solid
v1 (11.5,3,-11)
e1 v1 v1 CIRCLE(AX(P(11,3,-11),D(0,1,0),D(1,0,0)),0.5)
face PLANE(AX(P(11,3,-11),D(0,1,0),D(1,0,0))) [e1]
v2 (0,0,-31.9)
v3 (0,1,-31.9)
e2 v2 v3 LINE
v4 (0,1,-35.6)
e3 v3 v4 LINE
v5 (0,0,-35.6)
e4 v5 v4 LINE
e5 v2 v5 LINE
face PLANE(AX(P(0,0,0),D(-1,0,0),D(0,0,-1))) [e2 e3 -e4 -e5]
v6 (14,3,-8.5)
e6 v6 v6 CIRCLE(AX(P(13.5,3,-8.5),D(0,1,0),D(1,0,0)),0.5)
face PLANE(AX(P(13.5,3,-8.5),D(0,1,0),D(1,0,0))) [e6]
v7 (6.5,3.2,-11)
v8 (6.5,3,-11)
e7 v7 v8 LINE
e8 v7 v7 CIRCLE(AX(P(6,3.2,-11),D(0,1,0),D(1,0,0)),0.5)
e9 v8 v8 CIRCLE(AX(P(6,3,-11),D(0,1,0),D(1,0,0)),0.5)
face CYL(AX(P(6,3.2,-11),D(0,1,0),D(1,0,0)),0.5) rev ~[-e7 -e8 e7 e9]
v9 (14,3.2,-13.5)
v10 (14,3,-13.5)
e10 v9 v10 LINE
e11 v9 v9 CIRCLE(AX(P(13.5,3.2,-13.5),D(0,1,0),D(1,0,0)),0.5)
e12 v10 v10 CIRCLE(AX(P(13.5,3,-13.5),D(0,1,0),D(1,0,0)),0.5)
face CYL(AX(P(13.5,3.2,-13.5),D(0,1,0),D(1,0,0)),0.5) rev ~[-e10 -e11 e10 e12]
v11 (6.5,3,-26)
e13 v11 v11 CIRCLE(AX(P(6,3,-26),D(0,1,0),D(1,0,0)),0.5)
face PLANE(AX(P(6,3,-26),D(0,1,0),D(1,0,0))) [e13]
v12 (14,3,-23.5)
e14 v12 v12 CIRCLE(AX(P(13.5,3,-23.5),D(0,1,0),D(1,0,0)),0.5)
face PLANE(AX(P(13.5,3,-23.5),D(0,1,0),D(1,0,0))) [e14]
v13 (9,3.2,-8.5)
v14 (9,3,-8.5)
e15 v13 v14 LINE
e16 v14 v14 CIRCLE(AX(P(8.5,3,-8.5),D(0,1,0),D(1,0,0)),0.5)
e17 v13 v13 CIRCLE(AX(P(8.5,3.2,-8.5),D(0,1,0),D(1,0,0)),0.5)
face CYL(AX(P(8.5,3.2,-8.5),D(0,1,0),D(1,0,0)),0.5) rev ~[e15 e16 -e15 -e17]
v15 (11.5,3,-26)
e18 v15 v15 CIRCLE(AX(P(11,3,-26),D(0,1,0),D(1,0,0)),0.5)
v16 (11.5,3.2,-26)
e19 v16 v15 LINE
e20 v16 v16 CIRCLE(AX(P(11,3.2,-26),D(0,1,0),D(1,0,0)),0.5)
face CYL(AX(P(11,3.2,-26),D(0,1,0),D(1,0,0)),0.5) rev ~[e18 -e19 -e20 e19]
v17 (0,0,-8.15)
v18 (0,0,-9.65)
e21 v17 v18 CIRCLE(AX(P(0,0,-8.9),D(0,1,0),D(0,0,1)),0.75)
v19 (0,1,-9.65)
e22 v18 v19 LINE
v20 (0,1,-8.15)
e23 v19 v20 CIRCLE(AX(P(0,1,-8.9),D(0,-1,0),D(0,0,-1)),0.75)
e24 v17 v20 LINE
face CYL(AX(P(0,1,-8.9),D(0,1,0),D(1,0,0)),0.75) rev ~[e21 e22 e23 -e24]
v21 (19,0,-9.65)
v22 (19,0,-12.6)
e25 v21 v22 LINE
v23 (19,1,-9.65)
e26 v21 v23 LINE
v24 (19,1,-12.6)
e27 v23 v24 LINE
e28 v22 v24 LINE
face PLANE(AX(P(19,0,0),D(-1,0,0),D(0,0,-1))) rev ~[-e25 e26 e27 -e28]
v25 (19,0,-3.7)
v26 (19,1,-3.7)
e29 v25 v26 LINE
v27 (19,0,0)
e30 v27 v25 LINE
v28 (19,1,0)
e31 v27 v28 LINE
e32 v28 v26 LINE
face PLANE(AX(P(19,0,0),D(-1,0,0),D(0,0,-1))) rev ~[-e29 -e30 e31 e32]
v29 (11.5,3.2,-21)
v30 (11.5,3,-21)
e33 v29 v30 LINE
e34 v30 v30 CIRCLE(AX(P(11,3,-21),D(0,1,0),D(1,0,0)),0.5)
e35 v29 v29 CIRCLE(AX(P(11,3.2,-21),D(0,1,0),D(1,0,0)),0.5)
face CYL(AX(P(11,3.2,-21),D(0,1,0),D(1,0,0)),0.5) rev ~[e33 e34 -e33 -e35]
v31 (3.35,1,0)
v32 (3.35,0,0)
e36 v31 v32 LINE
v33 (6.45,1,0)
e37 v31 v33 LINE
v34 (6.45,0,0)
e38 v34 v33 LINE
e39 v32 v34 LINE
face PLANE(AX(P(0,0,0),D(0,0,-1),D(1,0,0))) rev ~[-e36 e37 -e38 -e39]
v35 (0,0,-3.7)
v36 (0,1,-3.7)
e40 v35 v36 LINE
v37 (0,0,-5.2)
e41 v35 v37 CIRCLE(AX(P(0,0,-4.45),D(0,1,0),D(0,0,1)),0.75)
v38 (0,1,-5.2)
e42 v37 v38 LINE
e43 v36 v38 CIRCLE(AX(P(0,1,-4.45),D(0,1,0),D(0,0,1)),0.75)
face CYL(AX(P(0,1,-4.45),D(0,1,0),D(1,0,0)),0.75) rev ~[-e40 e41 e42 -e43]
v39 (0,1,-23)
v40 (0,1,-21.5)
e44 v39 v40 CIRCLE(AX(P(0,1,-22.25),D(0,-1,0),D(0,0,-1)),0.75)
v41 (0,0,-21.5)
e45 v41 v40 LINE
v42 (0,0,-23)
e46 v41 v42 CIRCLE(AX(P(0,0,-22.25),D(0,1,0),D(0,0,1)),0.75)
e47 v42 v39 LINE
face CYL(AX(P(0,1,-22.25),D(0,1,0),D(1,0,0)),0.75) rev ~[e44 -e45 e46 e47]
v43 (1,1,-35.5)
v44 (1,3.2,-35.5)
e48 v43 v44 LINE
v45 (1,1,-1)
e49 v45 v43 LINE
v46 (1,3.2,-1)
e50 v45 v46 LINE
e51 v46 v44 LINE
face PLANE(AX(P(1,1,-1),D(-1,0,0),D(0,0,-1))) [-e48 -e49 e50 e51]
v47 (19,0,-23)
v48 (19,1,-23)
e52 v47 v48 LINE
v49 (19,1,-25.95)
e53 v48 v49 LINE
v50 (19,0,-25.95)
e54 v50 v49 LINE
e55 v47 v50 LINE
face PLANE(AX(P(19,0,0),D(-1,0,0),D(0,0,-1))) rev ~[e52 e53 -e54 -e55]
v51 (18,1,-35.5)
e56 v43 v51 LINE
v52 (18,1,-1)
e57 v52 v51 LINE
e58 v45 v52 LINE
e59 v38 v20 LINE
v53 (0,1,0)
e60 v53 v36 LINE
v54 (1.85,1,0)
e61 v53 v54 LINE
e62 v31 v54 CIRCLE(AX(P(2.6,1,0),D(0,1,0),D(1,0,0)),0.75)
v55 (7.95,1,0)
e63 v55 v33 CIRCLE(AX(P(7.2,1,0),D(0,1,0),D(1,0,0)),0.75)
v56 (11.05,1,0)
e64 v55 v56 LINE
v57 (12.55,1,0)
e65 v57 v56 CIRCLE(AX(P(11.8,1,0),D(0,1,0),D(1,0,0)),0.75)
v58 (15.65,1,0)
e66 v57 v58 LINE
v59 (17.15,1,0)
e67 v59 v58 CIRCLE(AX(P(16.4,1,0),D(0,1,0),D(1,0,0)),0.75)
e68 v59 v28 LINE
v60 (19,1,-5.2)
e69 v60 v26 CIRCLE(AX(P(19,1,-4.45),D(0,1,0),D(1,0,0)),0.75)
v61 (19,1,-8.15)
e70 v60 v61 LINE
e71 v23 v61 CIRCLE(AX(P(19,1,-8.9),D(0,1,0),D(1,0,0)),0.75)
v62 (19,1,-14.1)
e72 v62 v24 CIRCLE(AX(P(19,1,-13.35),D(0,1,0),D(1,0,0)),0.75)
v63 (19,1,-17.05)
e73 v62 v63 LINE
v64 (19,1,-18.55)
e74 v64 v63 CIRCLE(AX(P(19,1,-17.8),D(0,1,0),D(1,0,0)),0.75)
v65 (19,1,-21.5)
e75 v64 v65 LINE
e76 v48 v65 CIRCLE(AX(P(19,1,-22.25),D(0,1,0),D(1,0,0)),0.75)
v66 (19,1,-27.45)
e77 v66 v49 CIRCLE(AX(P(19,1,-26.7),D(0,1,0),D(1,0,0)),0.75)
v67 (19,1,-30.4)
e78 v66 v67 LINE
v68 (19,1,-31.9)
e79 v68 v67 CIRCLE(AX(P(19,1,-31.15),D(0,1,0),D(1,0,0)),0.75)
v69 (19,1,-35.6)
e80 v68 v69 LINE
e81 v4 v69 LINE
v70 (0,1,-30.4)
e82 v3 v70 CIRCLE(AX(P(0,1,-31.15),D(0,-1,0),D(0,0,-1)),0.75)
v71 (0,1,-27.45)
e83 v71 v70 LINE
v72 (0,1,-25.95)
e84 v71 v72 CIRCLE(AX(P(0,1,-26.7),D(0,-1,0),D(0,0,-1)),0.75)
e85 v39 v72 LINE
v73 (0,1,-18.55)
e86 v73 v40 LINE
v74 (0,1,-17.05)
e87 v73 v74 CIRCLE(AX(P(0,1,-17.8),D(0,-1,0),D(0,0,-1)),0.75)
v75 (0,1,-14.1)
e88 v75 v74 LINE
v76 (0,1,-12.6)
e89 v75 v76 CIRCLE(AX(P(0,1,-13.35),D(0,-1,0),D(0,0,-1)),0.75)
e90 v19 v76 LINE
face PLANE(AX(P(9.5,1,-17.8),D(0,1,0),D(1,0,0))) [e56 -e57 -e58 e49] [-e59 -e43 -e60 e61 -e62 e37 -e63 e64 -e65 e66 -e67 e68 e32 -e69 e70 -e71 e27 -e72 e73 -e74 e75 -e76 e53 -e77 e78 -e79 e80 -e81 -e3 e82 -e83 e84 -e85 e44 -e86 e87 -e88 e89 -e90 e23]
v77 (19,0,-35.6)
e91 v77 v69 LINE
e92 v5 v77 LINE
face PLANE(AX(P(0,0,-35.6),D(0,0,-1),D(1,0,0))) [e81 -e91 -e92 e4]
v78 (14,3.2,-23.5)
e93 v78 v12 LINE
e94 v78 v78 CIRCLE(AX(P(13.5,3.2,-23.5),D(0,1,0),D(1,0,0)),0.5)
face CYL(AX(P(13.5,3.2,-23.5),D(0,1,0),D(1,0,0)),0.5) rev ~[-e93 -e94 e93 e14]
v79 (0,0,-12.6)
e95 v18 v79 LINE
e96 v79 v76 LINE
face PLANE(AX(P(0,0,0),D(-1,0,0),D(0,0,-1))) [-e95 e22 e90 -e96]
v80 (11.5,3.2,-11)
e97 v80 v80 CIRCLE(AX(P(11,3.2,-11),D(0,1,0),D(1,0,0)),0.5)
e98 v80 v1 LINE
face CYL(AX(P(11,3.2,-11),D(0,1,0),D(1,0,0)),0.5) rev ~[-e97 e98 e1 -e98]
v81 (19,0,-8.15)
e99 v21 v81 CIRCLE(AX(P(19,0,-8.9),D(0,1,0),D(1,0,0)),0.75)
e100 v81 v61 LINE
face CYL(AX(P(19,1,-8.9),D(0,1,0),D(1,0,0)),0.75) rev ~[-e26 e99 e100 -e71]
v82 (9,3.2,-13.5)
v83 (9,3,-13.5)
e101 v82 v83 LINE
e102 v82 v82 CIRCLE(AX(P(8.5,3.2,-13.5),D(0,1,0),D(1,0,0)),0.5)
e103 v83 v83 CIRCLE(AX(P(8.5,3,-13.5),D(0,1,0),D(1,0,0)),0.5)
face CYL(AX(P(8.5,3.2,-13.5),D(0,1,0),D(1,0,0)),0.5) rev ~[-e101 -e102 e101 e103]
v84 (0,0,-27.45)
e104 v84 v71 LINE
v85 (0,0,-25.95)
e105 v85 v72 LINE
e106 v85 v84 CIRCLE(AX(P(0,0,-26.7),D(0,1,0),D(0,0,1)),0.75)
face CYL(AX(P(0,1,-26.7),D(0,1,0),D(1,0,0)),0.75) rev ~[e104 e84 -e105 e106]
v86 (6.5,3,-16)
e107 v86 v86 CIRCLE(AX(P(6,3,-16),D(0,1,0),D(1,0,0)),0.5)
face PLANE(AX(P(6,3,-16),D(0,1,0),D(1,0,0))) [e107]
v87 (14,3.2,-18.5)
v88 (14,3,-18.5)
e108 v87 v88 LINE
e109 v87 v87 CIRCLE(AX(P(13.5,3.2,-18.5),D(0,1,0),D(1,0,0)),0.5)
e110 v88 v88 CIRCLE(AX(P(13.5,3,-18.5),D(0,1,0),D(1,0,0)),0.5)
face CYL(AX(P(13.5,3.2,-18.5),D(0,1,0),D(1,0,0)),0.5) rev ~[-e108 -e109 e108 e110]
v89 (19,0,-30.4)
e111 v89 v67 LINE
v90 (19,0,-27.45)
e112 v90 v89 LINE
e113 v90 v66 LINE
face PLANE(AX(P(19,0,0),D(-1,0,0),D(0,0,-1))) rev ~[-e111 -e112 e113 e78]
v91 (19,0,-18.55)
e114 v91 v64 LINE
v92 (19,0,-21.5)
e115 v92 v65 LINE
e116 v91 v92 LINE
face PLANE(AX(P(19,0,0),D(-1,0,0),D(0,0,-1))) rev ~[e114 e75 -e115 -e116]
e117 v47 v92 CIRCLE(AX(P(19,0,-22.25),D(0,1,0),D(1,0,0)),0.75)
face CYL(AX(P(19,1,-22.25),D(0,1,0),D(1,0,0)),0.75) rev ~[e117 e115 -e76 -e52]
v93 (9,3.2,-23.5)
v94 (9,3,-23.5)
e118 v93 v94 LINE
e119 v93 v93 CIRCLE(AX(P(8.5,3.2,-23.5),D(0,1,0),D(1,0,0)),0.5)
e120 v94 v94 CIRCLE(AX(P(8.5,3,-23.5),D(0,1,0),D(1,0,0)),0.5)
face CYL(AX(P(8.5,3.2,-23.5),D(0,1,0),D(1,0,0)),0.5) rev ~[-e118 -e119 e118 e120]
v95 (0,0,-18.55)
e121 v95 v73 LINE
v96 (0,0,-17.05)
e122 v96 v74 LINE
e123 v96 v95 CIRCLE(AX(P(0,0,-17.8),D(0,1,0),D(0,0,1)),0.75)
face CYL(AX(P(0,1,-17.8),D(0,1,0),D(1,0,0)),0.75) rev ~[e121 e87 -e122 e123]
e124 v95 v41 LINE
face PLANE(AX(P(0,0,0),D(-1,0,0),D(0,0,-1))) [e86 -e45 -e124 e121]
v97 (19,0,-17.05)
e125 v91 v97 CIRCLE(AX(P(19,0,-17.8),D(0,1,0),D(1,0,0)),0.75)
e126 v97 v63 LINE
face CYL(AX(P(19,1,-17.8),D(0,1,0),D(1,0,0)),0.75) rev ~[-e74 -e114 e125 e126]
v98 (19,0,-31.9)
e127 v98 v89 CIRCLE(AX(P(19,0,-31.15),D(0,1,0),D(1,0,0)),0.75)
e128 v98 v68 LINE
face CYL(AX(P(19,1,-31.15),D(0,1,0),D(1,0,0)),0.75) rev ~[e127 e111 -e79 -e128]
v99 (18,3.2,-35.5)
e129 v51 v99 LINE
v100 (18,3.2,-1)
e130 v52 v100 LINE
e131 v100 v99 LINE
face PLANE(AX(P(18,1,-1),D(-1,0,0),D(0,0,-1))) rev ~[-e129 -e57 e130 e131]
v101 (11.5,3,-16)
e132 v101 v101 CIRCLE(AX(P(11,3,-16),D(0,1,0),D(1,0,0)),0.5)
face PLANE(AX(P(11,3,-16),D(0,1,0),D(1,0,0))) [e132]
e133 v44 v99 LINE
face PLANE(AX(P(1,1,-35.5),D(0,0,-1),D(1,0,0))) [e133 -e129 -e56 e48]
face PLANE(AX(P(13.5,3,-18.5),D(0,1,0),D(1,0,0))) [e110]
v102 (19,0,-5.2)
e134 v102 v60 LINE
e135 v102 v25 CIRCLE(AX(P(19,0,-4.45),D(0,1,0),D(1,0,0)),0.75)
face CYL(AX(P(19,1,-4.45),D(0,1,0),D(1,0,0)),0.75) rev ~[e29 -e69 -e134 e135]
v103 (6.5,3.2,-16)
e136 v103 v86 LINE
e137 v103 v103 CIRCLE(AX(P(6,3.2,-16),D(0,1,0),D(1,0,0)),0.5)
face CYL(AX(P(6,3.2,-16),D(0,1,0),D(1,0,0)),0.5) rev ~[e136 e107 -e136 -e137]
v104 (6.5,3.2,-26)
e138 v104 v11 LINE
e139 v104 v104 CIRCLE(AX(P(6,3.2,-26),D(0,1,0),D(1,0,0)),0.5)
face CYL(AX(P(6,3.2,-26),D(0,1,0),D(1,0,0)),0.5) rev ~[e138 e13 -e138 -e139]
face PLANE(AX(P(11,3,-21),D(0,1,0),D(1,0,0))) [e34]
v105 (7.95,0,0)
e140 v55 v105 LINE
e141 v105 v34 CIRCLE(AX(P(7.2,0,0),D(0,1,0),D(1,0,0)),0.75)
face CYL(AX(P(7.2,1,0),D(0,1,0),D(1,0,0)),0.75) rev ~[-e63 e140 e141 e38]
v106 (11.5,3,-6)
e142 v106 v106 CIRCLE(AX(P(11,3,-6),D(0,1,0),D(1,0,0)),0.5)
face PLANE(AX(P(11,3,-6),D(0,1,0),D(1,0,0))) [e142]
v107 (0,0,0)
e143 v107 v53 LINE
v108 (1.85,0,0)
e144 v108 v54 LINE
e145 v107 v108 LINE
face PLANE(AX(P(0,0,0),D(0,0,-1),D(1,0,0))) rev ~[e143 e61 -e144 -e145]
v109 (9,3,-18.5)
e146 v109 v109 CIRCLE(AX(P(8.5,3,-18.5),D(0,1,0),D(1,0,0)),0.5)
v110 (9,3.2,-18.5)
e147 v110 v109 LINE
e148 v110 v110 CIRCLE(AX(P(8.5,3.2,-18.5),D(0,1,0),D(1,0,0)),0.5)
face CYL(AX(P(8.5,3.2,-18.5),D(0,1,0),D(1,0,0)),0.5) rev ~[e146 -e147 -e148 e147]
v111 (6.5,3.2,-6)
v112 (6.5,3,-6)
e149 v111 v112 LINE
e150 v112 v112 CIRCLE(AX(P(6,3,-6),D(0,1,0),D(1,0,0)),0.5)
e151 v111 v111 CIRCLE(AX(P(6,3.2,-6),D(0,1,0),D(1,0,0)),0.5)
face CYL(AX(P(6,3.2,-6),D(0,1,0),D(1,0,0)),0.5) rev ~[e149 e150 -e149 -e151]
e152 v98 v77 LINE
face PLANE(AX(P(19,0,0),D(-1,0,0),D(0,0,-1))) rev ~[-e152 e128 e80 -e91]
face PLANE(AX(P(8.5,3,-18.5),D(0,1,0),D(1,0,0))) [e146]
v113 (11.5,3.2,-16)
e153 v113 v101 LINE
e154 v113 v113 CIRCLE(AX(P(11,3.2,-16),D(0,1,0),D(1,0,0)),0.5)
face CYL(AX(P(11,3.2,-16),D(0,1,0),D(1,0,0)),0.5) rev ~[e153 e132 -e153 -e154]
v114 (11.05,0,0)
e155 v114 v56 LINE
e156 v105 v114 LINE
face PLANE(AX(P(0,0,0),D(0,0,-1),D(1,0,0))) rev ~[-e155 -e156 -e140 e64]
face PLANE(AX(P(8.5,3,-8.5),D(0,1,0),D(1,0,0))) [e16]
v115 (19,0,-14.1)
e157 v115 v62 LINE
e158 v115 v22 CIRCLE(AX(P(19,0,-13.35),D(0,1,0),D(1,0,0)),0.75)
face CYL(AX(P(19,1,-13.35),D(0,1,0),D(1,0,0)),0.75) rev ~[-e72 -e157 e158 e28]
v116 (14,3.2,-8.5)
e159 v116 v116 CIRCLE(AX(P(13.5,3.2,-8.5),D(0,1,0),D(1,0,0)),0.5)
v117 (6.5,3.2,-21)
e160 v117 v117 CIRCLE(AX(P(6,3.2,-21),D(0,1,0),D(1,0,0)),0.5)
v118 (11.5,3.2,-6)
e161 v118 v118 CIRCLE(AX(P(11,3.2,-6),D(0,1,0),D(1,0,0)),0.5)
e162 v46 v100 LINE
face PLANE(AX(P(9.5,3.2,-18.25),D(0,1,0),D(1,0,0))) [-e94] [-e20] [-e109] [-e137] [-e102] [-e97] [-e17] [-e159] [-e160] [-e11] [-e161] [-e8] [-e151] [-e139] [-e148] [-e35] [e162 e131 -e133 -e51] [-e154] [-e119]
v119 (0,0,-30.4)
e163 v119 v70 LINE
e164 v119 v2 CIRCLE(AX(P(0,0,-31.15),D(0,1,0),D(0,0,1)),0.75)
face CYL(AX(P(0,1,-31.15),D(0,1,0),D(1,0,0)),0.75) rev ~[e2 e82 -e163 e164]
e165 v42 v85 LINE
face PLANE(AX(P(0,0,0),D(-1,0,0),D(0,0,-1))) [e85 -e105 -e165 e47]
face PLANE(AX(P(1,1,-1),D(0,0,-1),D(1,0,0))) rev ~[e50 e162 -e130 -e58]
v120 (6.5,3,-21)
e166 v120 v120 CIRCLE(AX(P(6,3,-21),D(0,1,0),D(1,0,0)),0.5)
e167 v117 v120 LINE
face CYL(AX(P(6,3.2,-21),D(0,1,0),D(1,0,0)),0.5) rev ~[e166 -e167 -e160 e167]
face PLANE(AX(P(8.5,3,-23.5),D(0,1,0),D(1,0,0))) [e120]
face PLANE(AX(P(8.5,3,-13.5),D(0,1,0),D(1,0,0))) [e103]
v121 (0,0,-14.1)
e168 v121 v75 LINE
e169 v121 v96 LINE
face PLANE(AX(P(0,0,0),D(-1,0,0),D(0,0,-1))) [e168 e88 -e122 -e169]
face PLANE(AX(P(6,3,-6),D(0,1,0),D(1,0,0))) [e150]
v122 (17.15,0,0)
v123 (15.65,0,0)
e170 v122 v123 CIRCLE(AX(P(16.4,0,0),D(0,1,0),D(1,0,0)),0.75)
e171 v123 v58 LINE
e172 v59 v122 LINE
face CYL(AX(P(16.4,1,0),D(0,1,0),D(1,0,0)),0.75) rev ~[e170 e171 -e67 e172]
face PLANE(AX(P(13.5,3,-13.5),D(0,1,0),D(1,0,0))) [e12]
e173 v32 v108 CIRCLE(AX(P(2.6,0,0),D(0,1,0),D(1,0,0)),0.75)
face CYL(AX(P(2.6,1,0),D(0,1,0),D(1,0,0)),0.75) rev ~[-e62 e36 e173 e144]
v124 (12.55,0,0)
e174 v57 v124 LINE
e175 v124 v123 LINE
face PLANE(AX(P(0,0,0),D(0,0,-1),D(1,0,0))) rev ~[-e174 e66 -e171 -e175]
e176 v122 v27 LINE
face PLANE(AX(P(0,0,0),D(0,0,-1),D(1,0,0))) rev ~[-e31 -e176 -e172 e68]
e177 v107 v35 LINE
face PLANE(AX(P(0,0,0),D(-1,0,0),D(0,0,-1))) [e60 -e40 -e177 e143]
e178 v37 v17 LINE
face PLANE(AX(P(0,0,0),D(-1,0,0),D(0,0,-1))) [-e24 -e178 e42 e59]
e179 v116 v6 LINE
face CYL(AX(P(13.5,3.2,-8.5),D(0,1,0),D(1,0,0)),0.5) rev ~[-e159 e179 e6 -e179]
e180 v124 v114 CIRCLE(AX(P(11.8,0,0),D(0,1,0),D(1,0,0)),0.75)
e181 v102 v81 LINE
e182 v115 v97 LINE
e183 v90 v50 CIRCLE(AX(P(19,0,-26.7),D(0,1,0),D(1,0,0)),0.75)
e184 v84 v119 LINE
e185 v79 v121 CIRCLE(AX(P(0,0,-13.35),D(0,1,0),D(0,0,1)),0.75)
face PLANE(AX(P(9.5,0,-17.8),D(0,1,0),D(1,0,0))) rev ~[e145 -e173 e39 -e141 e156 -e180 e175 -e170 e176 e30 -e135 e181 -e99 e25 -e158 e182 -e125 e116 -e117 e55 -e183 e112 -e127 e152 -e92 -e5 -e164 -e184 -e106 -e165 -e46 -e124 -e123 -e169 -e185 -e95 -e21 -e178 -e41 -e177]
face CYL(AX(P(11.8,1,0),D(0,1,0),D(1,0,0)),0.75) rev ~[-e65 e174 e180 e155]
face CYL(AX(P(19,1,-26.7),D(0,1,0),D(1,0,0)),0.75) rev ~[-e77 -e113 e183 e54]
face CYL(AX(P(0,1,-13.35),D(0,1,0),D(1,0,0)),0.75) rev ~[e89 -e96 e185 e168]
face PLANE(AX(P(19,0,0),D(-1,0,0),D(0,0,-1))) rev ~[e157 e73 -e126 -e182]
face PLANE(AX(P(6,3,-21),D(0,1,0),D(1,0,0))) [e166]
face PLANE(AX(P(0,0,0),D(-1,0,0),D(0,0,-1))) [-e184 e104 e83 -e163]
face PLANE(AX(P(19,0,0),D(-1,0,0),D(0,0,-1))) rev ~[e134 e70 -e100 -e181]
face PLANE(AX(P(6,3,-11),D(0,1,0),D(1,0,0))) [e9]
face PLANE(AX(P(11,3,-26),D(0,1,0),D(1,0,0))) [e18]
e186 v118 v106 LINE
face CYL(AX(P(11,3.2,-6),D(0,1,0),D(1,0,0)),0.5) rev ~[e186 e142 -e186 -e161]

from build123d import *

# Parameters (mm, degrees)
ESQUISSE1_W             = 19
ESQUISSE1_H             = 35.6
BOSS_EXTRU_1_DEPTH      = 1
ESQUISSE2_W             = 17
ESQUISSE2_H             = 34.5
BOSS_EXTRU_2_DEPTH      = 2.2
ESQUISSE3_R             = 0.5
ENL_V_MAT_EXTRU_1_DEPTH = 0.2
ESQUISSE4_R             = 0.75
ENL_V_MAT_EXTRU_2_DEPTH = 2


with BuildPart() as part:
    # Esquisse1 → Boss.-Extru.1 (new body)
    with BuildSketch(Plane(origin=(0, 0, 0), x_dir=(1, 0, 0), z_dir=(0, 1, 0))):
        with Locations((9.5, 17.8)):
            Rectangle(ESQUISSE1_W, ESQUISSE1_H)
    extrude(amount=BOSS_EXTRU_1_DEPTH)

    # Esquisse2 → Boss.-Extru.2 (add)
    with BuildSketch(Plane(origin=(0, 1, 0), x_dir=(1, 0, 0), z_dir=(0, 1, 0))):
        with Locations((9.5, 18.25)):
            Rectangle(ESQUISSE2_W, ESQUISSE2_H)
    extrude(amount=BOSS_EXTRU_2_DEPTH)

    # Esquisse3 → Enlèv. mat.-Extru.1 (cut)
    with BuildSketch(Plane(origin=(0, 3.2, 0), x_dir=(1, 0, 0), z_dir=(0, 1, 0))):
        with Locations((6, 6)):
            Circle(ESQUISSE3_R)
        with Locations((11, 6)):
            Circle(ESQUISSE3_R)
        with Locations((8.5, 8.5)):
            Circle(ESQUISSE3_R)
        with Locations((13.5, 8.5)):
            Circle(ESQUISSE3_R)
        with Locations((11, 11)):
            Circle(ESQUISSE3_R)
        with Locations((8.5, 13.5)):
            Circle(ESQUISSE3_R)
        with Locations((13.5, 13.5)):
            Circle(ESQUISSE3_R)
        with Locations((11, 16)):
            Circle(ESQUISSE3_R)
        with Locations((8.5, 18.5)):
            Circle(ESQUISSE3_R)
        with Locations((13.5, 18.5)):
            Circle(ESQUISSE3_R)
        with Locations((11, 21)):
            Circle(ESQUISSE3_R)
        with Locations((8.5, 23.5)):
            Circle(ESQUISSE3_R)
        with Locations((13.5, 23.5)):
            Circle(ESQUISSE3_R)
        with Locations((11, 26)):
            Circle(ESQUISSE3_R)
        with Locations((6, 11)):
            Circle(ESQUISSE3_R)
        with Locations((6, 16)):
            Circle(ESQUISSE3_R)
        with Locations((6, 21)):
            Circle(ESQUISSE3_R)
        with Locations((6, 26)):
            Circle(ESQUISSE3_R)
    extrude(amount=-ENL_V_MAT_EXTRU_1_DEPTH, mode=Mode.SUBTRACT)

    # Esquisse4 → Enlèv. mat.-Extru.2 (cut, through all)
    with BuildSketch(Plane(origin=(0, 1, 0), x_dir=(1, 0, 0), z_dir=(0, 1, 0))):
        with Locations((2.6, 0)):
            Circle(ESQUISSE4_R)
        with Locations((7.2, 0)):
            Circle(ESQUISSE4_R)
        with Locations((11.8, 0)):
            Circle(ESQUISSE4_R)
        with Locations((16.4, 0)):
            Circle(ESQUISSE4_R)
        with Locations((0, 4.45)):
            Circle(ESQUISSE4_R)
        with Locations((0, 8.9)):
            Circle(ESQUISSE4_R)
        with Locations((0, 13.35)):
            Circle(ESQUISSE4_R)
        with Locations((0, 17.8)):
            Circle(ESQUISSE4_R)
        with Locations((0, 22.25)):
            Circle(ESQUISSE4_R)
        with Locations((0, 26.7)):
            Circle(ESQUISSE4_R)
        with Locations((0, 31.15)):
            Circle(ESQUISSE4_R)
        with Locations((19, 4.45)):
            Circle(ESQUISSE4_R)
        with Locations((19, 8.9)):
            Circle(ESQUISSE4_R)
        with Locations((19, 13.35)):
            Circle(ESQUISSE4_R)
        with Locations((19, 17.8)):
            Circle(ESQUISSE4_R)
        with Locations((19, 22.25)):
            Circle(ESQUISSE4_R)
        with Locations((19, 26.7)):
            Circle(ESQUISSE4_R)
        with Locations((19, 31.15)):
            Circle(ESQUISSE4_R)
    extrude(amount=-ENL_V_MAT_EXTRU_2_DEPTH, mode=Mode.SUBTRACT)


solid = part.part
